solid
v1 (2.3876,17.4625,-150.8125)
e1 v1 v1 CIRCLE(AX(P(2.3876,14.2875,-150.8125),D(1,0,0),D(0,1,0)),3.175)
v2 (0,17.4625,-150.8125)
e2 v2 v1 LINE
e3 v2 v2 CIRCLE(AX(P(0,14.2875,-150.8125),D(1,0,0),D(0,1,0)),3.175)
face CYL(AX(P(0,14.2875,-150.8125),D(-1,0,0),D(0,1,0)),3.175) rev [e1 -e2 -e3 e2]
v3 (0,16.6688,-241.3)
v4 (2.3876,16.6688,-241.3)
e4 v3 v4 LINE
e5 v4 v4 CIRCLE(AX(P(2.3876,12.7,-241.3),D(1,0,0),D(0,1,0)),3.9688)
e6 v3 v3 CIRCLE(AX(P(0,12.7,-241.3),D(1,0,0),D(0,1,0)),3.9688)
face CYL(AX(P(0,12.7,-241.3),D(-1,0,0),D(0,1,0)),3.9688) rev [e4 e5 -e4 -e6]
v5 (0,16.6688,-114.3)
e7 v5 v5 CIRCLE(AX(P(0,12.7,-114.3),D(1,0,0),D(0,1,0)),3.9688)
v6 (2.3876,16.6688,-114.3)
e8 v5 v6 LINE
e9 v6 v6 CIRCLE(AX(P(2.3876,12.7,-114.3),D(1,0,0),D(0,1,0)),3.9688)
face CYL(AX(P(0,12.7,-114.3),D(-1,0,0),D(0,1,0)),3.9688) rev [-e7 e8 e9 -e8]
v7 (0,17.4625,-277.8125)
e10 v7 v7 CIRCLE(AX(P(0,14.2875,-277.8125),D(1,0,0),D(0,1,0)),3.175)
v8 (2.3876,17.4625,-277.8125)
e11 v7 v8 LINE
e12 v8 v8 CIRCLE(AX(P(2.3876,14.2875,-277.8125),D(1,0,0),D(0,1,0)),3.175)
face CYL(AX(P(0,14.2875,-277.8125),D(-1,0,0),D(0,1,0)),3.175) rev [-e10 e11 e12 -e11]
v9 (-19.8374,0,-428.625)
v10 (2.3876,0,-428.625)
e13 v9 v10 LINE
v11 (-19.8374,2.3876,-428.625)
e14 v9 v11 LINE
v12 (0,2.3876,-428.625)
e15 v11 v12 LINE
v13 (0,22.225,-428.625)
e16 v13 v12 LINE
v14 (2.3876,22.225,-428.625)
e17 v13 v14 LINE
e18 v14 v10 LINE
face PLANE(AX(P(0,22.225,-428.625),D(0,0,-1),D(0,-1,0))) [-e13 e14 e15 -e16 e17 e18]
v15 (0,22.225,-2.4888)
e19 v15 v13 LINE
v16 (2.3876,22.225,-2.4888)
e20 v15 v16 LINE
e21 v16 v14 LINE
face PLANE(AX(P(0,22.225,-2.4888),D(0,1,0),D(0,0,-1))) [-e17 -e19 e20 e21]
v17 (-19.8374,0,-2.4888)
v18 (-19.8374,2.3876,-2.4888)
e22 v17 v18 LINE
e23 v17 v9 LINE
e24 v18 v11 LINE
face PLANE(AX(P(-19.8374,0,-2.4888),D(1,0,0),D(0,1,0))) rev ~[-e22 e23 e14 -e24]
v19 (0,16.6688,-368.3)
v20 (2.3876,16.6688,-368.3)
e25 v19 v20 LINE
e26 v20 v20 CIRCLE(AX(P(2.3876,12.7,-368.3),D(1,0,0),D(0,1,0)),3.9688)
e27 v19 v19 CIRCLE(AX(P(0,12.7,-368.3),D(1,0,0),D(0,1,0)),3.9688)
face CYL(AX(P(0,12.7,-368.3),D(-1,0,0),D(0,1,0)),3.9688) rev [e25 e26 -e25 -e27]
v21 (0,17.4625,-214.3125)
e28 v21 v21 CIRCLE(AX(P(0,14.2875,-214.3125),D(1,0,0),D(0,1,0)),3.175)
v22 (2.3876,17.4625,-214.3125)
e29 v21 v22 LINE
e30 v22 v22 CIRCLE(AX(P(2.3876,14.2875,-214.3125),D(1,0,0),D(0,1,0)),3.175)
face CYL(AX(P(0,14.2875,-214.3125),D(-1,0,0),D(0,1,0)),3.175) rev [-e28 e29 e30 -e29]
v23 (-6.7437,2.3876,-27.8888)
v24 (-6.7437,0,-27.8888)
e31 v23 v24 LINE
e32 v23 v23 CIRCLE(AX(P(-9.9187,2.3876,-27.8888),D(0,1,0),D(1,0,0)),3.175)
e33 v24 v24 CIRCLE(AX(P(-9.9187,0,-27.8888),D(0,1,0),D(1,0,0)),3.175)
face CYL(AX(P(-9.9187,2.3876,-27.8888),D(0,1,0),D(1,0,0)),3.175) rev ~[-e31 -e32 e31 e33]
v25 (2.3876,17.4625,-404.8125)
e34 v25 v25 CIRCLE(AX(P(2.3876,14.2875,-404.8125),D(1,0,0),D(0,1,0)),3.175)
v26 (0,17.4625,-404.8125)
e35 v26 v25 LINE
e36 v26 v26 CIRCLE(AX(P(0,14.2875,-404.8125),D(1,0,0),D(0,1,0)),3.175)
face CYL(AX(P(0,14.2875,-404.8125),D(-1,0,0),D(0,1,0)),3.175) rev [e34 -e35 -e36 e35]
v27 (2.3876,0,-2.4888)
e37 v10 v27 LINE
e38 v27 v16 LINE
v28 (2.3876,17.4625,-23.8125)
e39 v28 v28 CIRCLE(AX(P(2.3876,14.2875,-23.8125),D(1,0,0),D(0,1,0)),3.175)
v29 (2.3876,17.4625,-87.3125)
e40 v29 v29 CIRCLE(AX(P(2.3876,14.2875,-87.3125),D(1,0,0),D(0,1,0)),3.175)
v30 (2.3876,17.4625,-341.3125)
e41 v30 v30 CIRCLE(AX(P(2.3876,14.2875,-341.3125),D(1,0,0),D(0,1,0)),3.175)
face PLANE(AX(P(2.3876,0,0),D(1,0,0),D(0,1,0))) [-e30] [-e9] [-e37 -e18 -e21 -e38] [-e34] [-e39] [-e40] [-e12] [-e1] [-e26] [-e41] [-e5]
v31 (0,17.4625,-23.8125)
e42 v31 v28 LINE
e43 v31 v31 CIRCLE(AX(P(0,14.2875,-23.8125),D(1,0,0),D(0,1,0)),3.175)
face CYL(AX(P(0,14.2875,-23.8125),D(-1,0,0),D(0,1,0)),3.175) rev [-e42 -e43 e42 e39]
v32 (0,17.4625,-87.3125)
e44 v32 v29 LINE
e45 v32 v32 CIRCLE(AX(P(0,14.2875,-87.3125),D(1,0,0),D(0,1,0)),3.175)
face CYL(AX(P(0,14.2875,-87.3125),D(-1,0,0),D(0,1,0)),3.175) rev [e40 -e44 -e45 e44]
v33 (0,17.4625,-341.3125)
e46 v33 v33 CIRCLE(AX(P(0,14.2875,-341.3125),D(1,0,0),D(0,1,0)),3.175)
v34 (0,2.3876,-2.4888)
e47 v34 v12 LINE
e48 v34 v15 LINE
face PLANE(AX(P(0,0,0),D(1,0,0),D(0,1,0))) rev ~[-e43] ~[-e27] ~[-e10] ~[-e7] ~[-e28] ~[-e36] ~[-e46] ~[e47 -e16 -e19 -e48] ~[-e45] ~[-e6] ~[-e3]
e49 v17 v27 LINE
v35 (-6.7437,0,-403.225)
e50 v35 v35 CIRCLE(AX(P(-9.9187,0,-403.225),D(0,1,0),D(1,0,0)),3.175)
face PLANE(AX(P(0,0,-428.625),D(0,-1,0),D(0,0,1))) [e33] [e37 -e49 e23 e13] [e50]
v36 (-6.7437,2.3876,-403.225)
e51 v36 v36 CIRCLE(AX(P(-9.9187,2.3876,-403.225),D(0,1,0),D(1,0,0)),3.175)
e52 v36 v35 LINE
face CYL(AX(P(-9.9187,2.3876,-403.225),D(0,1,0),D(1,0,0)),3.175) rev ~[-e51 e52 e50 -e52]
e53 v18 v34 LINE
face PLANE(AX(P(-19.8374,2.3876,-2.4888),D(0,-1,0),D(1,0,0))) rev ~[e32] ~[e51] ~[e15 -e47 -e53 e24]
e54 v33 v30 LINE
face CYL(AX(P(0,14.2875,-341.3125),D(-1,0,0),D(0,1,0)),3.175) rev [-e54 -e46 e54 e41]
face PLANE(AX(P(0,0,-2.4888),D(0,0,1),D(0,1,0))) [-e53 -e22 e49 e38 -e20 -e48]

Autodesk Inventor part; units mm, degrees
ref_plane "YZ Plane" through (0, 0, 0) normal (1, 0, 0) x (0, 1, 0)
ref_plane "XZ Plane" through (0, 0, 0) normal (0, 1, 0) x (-1, 0, 0)
ref_plane "XY Plane" through (0, 0, 0) normal (0, 0, 1) x (1, 0, 0)
sketch "Sketch1" plane through (0, 0, 0) normal (1, 0, 0) x (0, 1, 0)
  line L0 (0, 0) -> (203.2, 0) construction
  line L1 (203.2, 0) -> (203.2, 25.4) construction
  line L2 (203.2, 25.4) -> (0, 25.4) construction
  line L3 (0, 25.4) -> (0, 0) construction
  line L4 (0, 0) -> (25.4, 0) construction
  line L5 (25.4, 0) -> (25.4, -609.6) construction
  line L6 (25.4, -609.6) -> (0, -609.6) construction
  line L7 (0, -609.6) -> (0, 0) construction
  circle A0 centre (14.2875, -23.8125) radius 11.1125 construction
  line L8 (-1.5875, -12.7) -> (150.8125, -12.7) construction
  line L9 (114.3, -12.7) -> (25.4, -12.7) construction
  line L10 (25.4, -12.7) -> (25.4, -419.1) construction
  line L11 (25.4, -419.1) -> (114.3, -419.1) construction
  line L12 (114.3, -419.1) -> (114.3, -12.7) construction
  circle A1 centre (14.2875, -23.8125) radius 7.9375 construction
  circle A2 centre (14.2875, -23.8125) radius 3.175
  circle A3 centre (12.7, -114.3) radius 3.9688
  circle A4 centre (12.7, -241.3) radius 3.9688
  circle A5 centre (12.7, -368.3) radius 3.9688
  circle A6 centre (12.7, -495.3) radius 3.9688 construction
  circle A7 centre (14.2875, -87.3125) radius 3.175
  circle A8 centre (14.2875, -87.3125) radius 11.1125 construction
  circle A9 centre (14.2875, -150.8125) radius 3.175
  circle A10 centre (14.2875, -150.8125) radius 11.1125 construction
  circle A11 centre (14.2875, -214.3125) radius 3.175
  circle A12 centre (14.2875, -214.3125) radius 11.1125 construction
  circle A13 centre (14.2875, -277.8125) radius 3.175
  circle A14 centre (14.2875, -277.8125) radius 11.1125 construction
  circle A15 centre (14.2875, -341.3125) radius 3.175
  circle A16 centre (14.2875, -341.3125) radius 11.1125 construction
  circle A17 centre (14.2875, -404.8125) radius 3.175
  circle A18 centre (14.2875, -404.8125) radius 11.1125 construction
  line L13 (0, -2.4888) -> (22.225, -2.4888)
  line L14 (22.225, -2.4888) -> (22.225, -428.625)
  line L15 (22.225, -428.625) -> (0, -428.625)
  line L16 (0, -428.625) -> (0, -2.4888)
  dimension "d0" = 203.2
  dimension "d1" = 25.4
  dimension "d2" = 25.4
  dimension "d3" = 609.6
  dimension "d4" = 12.7
  dimension "d6" = 22.225
  dimension "d7" = 406.4
  dimension "d8" = 88.9
  dimension "d10" = 15.875
  dimension "d11" = 6.35
  dimension "d12" = 7.9375
  dimension "d13" = 12.7
  dimension "d14" = 114.3
  dimension "d17" = 127
  dimension "d24" = 63.5
  dimension "d29" = 22.225
extrude "Extrusion1" add sketch "Sketch1" along normal blind 2.3876
sketch "Sketch2" plane through (0, 0, -2.4888) normal (0, 0, 1) x (1, 0, 0)
  line L0 (0, 0) -> (-19.8374, 0)
  line L1 (-19.8374, 0) -> (-19.8374, 2.3876)
  line L2 (-19.8374, 2.3876) -> (0, 2.3876)
  line L3 (0, 2.3876) -> (0, 0)
  dimension "d32" = 19.8374
  dimension "d33" = 2.3876
extrude "Extrusion2" add sketch "Sketch2" against normal up to surface (426.1362 mm away)
sketch "Sketch3" plane through (-19.8374, 2.3876, -2.4888) normal (0, 1, 0) x (1, 0, 0)
  circle A0 centre (9.9187, 25.4) radius 3.175
  line L0 (19.8374, 0) -> (0, 0) projected
  line L1 (9.9187, 0) -> (9.9187, 25.4) construction
  circle A1 centre (9.9187, 400.7362) radius 3.175
  line L2 (19.8374, 426.1362) -> (0, 426.1362) construction
  point P0 (19.8374, -2.4888)
  dimension "d36" = 6.35
  dimension "d37" = 25.4
  dimension "d38" = 6.35
  dimension "d39" = 25.4
extrude "Extrusion3" cut sketch "Sketch3" against normal through all
properties part number "BatteryDrawer_AngleBrackets"
